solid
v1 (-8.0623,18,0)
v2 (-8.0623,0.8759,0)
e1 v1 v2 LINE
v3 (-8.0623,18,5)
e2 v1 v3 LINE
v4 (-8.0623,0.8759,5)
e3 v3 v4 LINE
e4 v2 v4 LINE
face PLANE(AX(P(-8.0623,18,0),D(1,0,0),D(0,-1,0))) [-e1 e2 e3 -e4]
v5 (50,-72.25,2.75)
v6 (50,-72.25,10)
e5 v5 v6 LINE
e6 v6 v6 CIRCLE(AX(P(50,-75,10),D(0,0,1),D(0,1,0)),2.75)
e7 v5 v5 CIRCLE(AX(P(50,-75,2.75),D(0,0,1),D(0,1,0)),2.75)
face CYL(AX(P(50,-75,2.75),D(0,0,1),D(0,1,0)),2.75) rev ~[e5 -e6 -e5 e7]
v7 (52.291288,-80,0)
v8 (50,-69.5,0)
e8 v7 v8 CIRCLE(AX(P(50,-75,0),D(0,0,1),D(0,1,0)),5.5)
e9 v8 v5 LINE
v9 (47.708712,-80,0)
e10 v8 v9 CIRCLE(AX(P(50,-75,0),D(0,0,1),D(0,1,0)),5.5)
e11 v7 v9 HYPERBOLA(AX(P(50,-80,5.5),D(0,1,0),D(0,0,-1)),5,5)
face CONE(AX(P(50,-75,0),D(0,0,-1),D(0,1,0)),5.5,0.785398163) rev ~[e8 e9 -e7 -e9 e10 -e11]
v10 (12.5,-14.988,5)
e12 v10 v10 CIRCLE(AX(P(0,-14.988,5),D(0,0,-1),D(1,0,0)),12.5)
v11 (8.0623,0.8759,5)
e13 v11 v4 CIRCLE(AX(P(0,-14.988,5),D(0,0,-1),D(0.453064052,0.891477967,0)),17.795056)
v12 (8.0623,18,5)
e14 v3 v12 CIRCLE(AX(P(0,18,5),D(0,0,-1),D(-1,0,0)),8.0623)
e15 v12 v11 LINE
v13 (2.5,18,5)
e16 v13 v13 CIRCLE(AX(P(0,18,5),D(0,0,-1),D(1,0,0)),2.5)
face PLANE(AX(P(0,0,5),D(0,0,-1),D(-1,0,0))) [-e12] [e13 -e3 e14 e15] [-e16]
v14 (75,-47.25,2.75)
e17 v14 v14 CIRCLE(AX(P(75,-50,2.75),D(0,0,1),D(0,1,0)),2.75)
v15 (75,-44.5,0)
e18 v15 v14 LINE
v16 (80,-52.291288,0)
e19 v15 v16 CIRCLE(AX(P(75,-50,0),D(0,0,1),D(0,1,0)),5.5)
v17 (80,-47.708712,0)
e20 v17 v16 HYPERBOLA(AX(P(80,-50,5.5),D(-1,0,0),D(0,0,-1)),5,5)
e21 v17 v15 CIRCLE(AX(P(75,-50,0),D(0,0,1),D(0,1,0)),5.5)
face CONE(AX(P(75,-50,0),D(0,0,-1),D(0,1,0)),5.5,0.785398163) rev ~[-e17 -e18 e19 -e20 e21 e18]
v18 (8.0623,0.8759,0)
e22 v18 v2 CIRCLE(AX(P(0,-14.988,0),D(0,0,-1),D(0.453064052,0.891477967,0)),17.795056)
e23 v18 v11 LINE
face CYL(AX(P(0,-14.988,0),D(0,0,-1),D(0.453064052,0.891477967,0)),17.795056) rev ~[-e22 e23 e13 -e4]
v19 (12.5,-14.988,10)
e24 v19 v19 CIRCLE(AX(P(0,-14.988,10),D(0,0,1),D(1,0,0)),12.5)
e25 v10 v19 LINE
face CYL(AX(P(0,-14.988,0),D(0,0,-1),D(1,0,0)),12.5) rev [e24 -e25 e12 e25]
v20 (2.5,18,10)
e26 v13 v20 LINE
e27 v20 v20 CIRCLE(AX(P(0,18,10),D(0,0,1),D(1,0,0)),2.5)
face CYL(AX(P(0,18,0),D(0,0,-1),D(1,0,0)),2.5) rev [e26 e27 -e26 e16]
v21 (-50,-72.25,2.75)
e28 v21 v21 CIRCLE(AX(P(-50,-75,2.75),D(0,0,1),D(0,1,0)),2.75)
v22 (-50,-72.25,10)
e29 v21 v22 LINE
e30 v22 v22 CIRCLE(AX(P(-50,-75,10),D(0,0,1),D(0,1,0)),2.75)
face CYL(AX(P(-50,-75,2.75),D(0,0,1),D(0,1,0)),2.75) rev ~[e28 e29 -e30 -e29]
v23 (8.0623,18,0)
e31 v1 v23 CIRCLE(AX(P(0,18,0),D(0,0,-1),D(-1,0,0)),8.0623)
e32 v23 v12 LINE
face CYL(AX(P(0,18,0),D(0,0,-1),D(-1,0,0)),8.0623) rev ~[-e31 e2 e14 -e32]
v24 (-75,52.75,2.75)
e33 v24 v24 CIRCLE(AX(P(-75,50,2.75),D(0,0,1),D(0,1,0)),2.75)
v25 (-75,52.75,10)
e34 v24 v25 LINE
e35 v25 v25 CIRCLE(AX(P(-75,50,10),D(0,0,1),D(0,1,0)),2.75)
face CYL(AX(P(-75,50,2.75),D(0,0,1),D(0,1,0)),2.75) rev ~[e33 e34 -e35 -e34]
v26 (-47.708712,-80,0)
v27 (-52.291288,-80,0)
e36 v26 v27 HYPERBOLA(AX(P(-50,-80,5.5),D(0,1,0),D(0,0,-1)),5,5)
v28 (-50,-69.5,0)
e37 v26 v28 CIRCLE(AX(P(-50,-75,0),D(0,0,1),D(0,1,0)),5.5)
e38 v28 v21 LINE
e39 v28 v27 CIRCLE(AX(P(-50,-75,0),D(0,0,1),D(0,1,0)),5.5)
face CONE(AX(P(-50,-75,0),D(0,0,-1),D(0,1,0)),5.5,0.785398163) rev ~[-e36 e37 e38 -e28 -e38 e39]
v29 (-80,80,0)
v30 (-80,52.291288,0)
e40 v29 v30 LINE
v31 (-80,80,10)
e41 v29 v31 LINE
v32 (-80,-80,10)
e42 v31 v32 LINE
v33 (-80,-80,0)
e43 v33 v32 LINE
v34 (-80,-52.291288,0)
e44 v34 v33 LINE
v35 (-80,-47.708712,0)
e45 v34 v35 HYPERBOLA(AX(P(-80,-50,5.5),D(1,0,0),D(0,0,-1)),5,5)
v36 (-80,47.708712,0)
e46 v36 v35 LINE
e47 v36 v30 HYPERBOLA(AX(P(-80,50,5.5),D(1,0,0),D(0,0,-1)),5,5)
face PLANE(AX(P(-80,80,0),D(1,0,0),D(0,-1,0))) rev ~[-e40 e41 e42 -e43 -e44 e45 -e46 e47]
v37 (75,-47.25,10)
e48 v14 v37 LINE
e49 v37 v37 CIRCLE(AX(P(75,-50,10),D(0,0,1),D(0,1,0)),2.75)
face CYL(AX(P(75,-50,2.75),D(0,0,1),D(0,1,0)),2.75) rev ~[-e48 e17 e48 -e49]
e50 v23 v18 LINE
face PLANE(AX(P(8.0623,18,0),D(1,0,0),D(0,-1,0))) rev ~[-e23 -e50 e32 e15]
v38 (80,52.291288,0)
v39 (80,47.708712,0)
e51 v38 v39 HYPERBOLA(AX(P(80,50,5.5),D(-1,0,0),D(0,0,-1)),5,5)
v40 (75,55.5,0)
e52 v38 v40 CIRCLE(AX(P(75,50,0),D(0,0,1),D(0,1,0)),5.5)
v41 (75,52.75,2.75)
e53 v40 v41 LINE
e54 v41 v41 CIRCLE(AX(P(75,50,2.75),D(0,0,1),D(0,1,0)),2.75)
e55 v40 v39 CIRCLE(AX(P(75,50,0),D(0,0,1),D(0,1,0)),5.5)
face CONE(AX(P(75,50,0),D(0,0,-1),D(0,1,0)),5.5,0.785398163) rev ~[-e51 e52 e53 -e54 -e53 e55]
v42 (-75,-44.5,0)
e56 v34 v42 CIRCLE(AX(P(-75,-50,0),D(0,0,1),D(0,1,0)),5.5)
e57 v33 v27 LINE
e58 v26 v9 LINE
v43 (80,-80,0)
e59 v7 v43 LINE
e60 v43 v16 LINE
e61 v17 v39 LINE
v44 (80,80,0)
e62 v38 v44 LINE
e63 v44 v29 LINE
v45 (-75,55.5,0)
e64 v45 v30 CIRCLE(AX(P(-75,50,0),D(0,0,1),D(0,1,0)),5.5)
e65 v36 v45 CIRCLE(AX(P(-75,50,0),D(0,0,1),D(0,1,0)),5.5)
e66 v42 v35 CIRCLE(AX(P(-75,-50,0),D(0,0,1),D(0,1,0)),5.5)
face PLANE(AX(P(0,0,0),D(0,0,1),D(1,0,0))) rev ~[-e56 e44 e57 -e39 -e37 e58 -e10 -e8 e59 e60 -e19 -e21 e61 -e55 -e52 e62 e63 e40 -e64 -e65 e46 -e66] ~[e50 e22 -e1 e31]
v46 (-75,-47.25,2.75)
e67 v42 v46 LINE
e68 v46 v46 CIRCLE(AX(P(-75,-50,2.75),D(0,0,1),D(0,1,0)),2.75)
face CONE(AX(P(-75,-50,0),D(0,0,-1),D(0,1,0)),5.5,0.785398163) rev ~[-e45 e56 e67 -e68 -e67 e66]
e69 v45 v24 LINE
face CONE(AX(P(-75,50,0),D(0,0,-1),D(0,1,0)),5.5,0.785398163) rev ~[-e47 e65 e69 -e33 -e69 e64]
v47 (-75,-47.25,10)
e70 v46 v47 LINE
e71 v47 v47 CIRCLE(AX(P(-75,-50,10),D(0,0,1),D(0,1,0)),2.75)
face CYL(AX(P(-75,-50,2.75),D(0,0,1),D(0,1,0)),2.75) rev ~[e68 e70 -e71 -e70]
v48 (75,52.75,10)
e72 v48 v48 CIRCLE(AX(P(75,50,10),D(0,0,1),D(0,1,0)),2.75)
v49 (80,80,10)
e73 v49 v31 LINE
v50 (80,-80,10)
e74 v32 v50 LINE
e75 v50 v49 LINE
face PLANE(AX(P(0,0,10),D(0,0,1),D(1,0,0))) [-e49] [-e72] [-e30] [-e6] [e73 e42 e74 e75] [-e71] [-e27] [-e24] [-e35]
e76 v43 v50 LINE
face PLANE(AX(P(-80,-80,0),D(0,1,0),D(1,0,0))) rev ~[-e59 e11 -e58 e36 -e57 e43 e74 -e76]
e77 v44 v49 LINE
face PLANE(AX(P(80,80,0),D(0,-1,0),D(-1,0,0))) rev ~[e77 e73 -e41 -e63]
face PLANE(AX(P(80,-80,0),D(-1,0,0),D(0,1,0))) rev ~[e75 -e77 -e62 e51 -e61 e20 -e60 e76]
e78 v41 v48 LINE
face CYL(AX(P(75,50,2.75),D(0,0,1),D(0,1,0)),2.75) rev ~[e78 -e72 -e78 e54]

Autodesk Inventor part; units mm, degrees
ref_plane "YZ Plane" through (0, 0, 0) normal (1, 0, 0) x (0, 1, 0)
ref_plane "XZ Plane" through (0, 0, 0) normal (0, 1, 0) x (-1, 0, 0)
ref_plane "XY Plane" through (0, 0, 0) normal (0, 0, 1) x (1, 0, 0)
sketch "Boceto1" plane through (0, 0, 0) normal (0, 0, 1) x (1, 0, 0)
  line L0 (-80, -80) -> (80, -80)
  line L1 (80, -80) -> (80, 80)
  line L2 (80, 80) -> (-80, 80)
  line L3 (-80, 80) -> (-80, -80)
  line L4 (-80, -80) -> (80, 80) construction
  line L5 (80, -80) -> (-80, 80) construction
  circle A0 centre (0, -14.988) radius 12.5
  circle A1 centre (0, 18) radius 2.5
  point P0 (0, 0)
  dimension "d0" = 160
  dimension "d1" = 160
  dimension "d2" = 25
  dimension "d3" = 14.988
  dimension "d4" = 5
  dimension "d5" = 18
extrude "Extrusión1" add sketch "Boceto1" along normal blind 10
sketch "Boceto2" plane through (0, 0, 0) normal (0, 0, -1) x (-1, 0, 0)
  line L0 (80, 80) -> (80, -80) projected
  line L1 (-80, 80) -> (80, 80) projected
  line L2 (-80, -80) -> (-80, 80) projected
  line L3 (80, -80) -> (-80, -80) projected
  line L4 (-80, -80) -> (-80, 80) construction
  line L5 (-80, 0) -> (80, 0) construction
  line L6 (0, -80) -> (0, 80) construction
  line L7 (-80, 80) -> (80, 80) construction
  point P0 (0, 0)
  point P1 (75, 50)
  point P2 (75, -50)
  point P3 (50, -75)
  point P4 (-50, -75)
  point P5 (-75, 50)
  point P6 (-75, -50)
  dimension "d20" = 30
  dimension "d21" = 30
hole "Agujero1" at (-75, 50, 0) at (-75, -50, 0) at (-50, -75, 0) at (50, -75, 0) at (75, -50, 0) at (75, 50, 0) direction (0, 0, 1) diameter 5.5 depth 20 tip angle 118 countersink diameter 11 countersink angle 90
sketch "Boceto3" plane through (0, 0, 0) normal (0, 0, -1) x (-1, 0, 0)
  circle A0 centre (0, -14.988) radius 12.5 projected
  circle A1 centre (0, 18) radius 2.5 projected
  arc A2 (8.0623, 18) -> (-8.0623, 18) centre (0, 18) ccw
  arc A3 (-8.0623, 0.8759) -> (8.0623, 0.8759) centre (0, -14.988) ccw
  line L0 (-8.0623, 18) -> (-8.0623, 0.8759)
  line L1 (8.0623, 18) -> (8.0623, 0.8759)
  point P0 (0, 0)
  dimension "d22" = 5.5623
  dimension "d23" = 5.2951
extrude "Extrusión2" cut sketch "Boceto3" against normal blind 5
properties part number "TAPA TRASERA" material "Plástico PMMA"
